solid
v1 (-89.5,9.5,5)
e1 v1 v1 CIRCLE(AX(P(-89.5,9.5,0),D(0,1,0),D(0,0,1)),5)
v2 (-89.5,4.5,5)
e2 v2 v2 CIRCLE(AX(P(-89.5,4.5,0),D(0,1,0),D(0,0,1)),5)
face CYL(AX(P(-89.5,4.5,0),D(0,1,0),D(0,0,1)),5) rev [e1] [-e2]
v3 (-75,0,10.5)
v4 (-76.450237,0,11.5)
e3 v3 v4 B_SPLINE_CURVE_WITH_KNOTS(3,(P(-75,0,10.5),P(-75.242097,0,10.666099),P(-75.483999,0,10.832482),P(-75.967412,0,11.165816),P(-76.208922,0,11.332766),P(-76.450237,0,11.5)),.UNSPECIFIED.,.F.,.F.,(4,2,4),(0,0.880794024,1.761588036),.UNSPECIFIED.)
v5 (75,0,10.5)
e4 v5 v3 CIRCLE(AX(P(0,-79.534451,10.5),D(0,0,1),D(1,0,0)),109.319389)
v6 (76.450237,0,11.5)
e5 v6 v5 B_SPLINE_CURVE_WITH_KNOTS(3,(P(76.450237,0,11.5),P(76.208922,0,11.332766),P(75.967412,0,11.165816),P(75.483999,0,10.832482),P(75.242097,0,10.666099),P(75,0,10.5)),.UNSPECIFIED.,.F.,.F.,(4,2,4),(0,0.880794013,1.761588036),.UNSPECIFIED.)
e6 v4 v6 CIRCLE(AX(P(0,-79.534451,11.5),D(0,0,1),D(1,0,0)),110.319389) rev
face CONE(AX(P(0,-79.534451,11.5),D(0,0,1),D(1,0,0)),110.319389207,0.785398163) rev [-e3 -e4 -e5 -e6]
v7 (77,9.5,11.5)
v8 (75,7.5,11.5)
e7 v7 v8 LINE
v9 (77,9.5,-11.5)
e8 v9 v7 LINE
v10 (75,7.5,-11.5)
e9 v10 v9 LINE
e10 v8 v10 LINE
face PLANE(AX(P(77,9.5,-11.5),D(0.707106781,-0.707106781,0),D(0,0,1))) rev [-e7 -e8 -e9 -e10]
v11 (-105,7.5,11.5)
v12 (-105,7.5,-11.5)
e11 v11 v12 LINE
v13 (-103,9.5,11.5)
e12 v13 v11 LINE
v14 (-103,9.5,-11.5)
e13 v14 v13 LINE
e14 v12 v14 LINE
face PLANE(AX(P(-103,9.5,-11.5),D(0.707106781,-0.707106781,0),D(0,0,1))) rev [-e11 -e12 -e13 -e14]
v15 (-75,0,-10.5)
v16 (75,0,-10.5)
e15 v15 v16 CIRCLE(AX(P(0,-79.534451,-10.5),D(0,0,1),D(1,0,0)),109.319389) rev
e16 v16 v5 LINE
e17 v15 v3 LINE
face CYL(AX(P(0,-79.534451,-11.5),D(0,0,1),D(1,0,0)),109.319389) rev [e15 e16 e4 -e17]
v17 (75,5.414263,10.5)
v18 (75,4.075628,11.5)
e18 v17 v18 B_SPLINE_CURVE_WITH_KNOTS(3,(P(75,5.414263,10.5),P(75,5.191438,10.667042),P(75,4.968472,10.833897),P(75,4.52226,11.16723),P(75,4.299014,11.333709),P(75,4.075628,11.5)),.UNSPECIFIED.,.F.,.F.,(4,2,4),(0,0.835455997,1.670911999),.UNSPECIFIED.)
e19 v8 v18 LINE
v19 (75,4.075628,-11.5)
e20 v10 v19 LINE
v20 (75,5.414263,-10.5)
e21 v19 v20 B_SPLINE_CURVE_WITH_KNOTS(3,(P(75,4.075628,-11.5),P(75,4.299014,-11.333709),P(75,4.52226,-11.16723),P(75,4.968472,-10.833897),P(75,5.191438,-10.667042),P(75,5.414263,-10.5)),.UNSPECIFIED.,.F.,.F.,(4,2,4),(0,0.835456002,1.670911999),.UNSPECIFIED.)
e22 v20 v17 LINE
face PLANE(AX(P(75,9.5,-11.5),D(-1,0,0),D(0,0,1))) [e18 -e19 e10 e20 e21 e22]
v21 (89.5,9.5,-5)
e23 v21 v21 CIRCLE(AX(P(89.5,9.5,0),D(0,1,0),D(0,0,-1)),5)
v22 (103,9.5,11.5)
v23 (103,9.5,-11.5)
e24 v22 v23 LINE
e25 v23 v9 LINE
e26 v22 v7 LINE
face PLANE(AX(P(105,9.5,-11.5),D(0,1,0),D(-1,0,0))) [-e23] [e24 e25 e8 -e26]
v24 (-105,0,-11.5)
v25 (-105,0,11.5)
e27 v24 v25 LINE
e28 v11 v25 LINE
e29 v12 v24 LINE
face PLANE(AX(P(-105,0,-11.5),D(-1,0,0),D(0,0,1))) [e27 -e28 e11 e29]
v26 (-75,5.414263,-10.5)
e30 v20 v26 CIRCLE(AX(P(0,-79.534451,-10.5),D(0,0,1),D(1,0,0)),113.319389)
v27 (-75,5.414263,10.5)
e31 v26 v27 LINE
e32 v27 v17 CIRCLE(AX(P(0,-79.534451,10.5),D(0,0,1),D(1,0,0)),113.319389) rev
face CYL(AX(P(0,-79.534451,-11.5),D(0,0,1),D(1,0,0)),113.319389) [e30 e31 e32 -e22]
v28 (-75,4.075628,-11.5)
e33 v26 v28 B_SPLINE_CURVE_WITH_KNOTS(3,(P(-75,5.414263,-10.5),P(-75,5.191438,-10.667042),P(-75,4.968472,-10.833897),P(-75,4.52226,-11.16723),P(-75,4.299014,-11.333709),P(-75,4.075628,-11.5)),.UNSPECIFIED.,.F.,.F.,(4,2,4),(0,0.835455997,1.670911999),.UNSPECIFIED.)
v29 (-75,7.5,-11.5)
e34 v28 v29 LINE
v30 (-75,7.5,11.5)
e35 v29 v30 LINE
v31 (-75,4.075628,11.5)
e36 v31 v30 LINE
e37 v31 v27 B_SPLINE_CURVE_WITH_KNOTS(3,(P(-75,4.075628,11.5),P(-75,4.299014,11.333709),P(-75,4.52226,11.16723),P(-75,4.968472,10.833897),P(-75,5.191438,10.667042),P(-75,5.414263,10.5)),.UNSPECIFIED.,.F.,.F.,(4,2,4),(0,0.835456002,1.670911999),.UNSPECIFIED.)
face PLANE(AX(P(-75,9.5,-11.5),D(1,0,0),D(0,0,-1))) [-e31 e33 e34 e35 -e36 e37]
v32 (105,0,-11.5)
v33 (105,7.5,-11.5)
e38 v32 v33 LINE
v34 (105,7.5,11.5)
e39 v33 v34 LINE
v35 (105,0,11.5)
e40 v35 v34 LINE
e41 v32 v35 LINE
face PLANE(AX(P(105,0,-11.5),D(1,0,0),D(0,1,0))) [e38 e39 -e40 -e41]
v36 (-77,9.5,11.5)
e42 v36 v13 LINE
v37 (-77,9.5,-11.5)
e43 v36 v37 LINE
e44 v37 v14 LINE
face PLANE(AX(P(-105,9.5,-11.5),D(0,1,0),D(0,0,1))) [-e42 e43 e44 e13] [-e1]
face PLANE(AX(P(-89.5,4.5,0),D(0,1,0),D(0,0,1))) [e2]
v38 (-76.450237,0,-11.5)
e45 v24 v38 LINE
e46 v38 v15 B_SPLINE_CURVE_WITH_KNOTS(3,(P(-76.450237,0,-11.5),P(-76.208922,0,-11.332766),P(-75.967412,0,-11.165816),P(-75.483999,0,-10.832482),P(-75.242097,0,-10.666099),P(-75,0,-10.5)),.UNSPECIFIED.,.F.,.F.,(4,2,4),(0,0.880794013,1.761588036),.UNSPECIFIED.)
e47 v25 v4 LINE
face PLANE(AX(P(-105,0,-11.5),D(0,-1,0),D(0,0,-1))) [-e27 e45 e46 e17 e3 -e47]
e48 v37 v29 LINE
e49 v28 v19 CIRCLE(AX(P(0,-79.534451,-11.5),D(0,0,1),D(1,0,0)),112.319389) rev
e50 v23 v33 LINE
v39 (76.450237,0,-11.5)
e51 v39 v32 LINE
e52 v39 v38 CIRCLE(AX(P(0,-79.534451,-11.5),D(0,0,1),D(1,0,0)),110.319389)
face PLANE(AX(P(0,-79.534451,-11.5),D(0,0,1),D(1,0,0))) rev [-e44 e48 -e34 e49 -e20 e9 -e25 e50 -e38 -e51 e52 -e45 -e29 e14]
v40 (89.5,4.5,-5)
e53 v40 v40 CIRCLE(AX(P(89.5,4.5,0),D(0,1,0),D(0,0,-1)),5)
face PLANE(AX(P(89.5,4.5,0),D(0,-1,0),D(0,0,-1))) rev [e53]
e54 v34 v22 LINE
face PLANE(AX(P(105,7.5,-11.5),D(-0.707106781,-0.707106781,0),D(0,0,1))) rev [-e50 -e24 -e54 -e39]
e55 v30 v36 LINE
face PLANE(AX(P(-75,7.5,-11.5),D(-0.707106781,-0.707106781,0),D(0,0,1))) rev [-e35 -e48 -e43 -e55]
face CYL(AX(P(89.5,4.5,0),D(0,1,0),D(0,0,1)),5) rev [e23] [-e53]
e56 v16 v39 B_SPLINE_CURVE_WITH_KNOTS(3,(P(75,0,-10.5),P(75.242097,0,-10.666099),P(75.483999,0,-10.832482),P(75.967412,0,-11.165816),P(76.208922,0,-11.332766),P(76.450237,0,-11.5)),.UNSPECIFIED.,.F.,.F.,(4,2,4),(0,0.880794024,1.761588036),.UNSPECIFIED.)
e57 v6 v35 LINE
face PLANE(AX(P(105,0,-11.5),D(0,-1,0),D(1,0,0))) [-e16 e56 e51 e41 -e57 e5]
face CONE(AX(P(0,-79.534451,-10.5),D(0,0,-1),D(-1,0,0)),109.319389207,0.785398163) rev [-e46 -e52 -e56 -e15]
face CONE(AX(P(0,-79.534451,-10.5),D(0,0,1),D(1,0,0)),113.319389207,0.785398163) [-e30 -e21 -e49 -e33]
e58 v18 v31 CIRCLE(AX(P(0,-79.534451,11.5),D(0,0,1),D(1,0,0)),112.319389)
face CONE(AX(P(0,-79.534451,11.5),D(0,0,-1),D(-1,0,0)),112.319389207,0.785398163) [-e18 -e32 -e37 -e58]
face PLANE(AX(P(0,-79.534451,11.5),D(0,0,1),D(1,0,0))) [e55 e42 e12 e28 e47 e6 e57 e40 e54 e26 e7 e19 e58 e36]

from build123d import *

# Parameters (mm, degrees)
EXTRUDE_1_DEPTH      = 11.5
EXTRUDE_1_DEPTH_BACK = 11.5
SKETCH_2_R           = 5
CUT_EXTRUDE_1_DEPTH  = 5
CHAMFER_1_SIZE       = 1
CHAMFER_2_SIZE       = 2


with BuildPart() as part:
    # 草图1 → 凸台-拉伸1 (new, two sides: drawn at the far end of the back side and taken through both)
    with BuildSketch(Plane.XY.offset(-EXTRUDE_1_DEPTH_BACK)):
        with BuildLine():
            Line((-105, 0), (-75, 0))
            ThreePointArc((-75, 0), (0, 29.784938454), (75, 0))
            Line((75, 0), (105, 0))
            Line((105, 0), (105, 9.5))
            Line((105, 9.5), (75, 9.5))
            Line((75, 9.5), (75, 5.414263011))
            ThreePointArc((75, 5.414263011), (0, 33.784938454), (-75, 5.414263011))
            Line((-75, 5.414263011), (-75, 9.5))
            Line((-75, 9.5), (-105, 9.5))
            Line((-105, 9.5), (-105, 0))
        make_face()
    extrude(amount=EXTRUDE_1_DEPTH + EXTRUDE_1_DEPTH_BACK)

    # 草图2 → 切除-拉伸1 (cut)
    with BuildSketch(Plane(origin=(0, 9.5, 0), x_dir=(1, 0, 0), z_dir=(0, 1, 0))):
        with Locations((-89.5, 0)):
            Circle(SKETCH_2_R)
        with Locations((89.5, 0)):
            Circle(SKETCH_2_R)
    extrude(amount=-CUT_EXTRUDE_1_DEPTH, mode=Mode.SUBTRACT)

    # 倒角1
    chamfer_1_edges = [part.edges().sort_by_distance(p)[0] for p in [
        (0, 29.784938454, 11.5),
        (0, 29.784938454, -11.5),
        (0, 33.784938454, -11.5),
        (0, 33.784938454, 11.5),
    ]]
    chamfer(chamfer_1_edges, length=CHAMFER_1_SIZE)

    # 倒角2
    chamfer_2_edges = [part.edges().sort_by_distance(p)[0] for p in [
        (-105, 9.5, 0),
        (-75, 9.5, 0),
        (75, 9.5, 0),
        (105, 9.5, 0),
    ]]
    chamfer(chamfer_2_edges, length=CHAMFER_2_SIZE)


solid = part.part
